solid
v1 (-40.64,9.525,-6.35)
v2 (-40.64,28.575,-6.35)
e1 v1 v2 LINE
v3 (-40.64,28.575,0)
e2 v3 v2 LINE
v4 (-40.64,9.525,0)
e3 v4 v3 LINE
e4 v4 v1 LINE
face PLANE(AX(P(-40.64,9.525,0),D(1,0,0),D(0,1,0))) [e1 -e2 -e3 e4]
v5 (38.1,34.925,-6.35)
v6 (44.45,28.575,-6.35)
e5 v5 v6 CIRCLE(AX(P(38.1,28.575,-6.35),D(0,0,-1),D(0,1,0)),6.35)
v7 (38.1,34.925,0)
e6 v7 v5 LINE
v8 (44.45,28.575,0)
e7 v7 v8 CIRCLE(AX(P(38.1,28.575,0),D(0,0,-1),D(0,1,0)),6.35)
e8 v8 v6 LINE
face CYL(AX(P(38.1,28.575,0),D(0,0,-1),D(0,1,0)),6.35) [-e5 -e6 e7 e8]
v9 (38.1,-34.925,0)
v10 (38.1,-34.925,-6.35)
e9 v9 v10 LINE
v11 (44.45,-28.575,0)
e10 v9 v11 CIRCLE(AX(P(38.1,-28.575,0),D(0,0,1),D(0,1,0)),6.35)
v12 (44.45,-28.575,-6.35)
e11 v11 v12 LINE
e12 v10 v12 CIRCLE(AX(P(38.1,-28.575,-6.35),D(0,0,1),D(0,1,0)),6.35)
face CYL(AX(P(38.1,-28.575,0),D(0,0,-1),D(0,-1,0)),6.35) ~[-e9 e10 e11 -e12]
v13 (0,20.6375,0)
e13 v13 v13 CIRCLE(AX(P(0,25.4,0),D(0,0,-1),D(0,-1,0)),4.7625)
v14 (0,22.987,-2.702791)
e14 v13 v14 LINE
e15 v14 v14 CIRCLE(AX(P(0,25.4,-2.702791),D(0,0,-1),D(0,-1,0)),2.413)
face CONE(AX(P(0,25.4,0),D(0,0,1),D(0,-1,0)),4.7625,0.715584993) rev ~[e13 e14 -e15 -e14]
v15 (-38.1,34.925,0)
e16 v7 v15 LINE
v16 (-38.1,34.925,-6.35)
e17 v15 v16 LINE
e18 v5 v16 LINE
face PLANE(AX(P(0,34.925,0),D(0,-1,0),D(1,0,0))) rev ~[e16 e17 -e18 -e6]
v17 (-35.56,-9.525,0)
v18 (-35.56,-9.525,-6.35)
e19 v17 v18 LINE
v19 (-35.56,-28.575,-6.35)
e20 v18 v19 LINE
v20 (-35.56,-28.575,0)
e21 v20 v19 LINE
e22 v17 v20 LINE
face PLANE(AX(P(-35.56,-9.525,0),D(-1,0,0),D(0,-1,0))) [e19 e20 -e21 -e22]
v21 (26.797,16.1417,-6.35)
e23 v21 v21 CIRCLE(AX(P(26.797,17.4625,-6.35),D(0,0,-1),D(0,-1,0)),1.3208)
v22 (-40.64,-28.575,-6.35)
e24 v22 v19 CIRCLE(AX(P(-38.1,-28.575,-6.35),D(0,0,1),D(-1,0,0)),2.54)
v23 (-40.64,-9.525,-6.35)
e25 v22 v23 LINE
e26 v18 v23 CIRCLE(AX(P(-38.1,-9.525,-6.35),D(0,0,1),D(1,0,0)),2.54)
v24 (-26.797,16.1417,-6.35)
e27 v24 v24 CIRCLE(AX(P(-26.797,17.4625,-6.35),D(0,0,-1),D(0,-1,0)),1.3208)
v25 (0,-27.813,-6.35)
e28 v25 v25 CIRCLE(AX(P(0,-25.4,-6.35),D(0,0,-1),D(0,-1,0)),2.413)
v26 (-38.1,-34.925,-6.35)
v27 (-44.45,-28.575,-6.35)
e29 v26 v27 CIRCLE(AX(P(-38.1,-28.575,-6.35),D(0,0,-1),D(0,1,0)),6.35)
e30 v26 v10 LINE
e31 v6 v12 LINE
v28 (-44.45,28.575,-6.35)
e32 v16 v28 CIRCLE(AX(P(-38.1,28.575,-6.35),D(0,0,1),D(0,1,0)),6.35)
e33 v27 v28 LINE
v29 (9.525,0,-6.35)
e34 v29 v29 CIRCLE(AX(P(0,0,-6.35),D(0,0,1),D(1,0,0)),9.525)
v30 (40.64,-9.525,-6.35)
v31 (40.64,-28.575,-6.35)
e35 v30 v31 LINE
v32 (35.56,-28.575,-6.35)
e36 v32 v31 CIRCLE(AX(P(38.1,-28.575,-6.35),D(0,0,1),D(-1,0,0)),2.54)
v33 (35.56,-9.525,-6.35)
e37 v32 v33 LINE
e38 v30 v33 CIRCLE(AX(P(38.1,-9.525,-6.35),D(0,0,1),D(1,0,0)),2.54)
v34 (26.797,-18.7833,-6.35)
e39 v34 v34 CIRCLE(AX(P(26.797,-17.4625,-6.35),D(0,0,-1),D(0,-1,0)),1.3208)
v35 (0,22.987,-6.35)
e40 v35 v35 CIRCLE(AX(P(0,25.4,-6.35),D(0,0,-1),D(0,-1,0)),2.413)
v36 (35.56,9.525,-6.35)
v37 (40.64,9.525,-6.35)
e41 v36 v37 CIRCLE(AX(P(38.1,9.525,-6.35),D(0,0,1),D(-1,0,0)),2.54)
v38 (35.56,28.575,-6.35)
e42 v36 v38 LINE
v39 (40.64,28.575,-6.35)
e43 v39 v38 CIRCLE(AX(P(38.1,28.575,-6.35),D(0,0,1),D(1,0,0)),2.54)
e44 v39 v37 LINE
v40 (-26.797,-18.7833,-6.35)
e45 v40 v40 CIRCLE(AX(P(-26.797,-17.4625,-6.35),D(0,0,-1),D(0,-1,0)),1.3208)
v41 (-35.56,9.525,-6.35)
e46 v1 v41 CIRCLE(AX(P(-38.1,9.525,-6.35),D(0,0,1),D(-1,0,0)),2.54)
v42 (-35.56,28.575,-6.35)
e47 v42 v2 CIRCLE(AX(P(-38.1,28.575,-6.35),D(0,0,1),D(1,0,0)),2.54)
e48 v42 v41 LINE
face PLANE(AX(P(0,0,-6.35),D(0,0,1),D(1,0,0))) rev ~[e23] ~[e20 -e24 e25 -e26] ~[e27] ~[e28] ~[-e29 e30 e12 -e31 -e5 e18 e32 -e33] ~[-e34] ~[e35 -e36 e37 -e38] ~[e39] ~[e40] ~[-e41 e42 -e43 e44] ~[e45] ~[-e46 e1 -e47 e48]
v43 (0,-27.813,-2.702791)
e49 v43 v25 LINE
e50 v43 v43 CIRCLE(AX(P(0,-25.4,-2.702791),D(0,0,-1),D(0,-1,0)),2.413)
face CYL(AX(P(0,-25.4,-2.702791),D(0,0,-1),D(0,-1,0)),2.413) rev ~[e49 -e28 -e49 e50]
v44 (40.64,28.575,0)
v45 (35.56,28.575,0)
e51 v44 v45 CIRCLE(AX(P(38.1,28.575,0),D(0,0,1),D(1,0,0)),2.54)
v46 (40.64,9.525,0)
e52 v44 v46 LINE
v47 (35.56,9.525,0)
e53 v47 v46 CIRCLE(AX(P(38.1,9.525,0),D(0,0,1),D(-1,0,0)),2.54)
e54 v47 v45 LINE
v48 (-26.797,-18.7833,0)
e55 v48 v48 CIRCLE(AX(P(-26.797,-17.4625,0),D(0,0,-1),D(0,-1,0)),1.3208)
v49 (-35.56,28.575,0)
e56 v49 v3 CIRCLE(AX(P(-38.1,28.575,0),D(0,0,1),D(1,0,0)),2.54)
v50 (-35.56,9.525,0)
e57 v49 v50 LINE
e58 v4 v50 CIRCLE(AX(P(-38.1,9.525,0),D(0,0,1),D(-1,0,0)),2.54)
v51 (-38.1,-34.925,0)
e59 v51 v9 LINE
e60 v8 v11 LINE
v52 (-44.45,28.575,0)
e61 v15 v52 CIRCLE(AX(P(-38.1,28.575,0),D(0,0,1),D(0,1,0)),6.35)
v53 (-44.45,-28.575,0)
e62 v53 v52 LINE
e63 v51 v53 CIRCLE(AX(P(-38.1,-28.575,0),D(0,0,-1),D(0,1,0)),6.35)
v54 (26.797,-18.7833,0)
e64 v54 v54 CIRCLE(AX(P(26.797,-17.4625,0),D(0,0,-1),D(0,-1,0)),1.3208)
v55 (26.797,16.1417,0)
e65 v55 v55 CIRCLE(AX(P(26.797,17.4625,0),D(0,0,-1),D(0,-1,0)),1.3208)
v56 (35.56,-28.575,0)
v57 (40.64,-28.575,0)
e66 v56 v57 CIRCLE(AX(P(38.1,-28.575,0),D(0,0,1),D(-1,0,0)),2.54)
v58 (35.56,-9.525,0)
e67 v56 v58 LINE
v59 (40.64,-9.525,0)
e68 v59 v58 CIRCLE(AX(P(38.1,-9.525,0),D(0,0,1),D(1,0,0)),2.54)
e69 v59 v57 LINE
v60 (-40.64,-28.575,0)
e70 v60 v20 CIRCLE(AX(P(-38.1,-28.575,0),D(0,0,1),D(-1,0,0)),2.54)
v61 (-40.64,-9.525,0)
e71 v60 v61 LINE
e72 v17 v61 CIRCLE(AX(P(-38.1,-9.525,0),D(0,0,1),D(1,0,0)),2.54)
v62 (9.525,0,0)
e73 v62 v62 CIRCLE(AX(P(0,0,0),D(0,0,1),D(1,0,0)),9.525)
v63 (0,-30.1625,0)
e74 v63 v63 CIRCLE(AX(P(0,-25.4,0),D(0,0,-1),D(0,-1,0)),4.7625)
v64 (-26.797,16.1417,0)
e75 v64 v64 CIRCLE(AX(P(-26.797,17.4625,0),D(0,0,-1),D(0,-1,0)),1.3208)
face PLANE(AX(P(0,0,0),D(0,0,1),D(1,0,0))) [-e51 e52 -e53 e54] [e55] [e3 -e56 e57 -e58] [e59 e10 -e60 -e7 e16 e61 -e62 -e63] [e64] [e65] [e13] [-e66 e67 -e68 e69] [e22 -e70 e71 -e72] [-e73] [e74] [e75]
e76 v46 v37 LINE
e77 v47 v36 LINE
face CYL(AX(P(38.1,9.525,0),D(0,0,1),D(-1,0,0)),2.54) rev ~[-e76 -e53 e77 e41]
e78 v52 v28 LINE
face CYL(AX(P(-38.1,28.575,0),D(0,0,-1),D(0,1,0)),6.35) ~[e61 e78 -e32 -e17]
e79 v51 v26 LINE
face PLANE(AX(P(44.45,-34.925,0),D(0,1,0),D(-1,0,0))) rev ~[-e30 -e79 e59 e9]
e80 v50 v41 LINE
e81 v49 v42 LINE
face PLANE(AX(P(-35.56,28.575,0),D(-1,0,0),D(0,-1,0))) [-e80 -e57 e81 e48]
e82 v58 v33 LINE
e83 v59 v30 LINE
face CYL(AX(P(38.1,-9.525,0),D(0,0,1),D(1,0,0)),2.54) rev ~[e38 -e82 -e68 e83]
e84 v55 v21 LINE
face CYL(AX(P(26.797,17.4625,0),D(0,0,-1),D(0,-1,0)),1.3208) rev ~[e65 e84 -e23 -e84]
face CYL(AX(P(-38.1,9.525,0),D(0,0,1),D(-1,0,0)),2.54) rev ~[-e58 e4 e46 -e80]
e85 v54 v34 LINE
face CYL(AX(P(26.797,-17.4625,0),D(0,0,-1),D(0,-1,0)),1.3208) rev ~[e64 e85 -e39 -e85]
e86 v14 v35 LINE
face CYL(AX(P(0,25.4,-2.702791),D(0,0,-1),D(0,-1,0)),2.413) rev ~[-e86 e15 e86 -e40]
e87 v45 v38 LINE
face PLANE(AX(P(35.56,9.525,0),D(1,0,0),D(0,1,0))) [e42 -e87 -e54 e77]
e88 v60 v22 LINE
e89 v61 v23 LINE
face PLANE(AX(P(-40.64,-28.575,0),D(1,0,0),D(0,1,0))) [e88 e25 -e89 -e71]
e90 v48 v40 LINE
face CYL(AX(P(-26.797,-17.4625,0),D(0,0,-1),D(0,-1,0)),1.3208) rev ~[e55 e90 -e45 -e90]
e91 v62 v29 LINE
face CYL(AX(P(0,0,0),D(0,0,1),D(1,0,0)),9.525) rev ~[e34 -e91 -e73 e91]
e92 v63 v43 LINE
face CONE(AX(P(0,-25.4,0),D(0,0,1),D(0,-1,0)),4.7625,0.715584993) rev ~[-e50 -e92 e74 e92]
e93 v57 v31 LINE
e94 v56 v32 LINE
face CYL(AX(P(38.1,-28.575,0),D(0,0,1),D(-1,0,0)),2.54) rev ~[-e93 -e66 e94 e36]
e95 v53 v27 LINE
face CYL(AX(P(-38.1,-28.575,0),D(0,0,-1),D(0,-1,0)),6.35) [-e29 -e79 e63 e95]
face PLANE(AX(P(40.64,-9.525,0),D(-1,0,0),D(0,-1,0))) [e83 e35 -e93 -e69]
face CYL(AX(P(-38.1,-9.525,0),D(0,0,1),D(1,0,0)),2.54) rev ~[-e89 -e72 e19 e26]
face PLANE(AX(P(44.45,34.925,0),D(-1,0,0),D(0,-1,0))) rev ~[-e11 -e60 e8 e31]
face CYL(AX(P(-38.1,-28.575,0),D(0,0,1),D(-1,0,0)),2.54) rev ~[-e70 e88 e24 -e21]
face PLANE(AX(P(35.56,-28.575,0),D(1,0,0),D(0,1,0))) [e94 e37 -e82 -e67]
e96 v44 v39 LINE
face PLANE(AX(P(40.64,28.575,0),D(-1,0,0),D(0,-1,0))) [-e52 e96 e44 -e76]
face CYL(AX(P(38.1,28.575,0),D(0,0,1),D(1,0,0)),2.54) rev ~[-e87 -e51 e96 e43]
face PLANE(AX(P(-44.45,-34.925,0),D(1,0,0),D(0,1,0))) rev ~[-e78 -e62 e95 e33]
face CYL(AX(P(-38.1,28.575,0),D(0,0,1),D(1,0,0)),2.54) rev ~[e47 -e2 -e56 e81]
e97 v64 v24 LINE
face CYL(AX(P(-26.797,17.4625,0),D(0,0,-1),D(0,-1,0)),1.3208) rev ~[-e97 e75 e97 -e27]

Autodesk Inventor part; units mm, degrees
ref_plane "YZ Plane" through (0, 0, 0) normal (1, 0, 0) x (0, 1, 0)
ref_plane "XZ Plane" through (0, 0, 0) normal (0, 1, 0) x (-1, 0, 0)
ref_plane "XY Plane" through (0, 0, 0) normal (0, 0, 1) x (1, 0, 0)
sketch "Sketch1" plane through (0, 0, 0) normal (0, 0, 1) x (1, 0, 0)
  circle A0 centre (0, 0) radius 34.925
  circle A1 centre (0, 0) radius 9.525
  line L0 (-44.45, 34.925) -> (44.45, 34.925)
  line L1 (44.45, 34.925) -> (44.45, -34.925)
  line L2 (44.45, -34.925) -> (-44.45, -34.925)
  line L3 (-44.45, -34.925) -> (-44.45, 34.925)
  line L4 (-40.64, 28.575) -> (-35.56, 28.575)
  line L5 (-35.56, 28.575) -> (-35.56, 9.525)
  line L6 (-35.56, 9.525) -> (-40.64, 9.525)
  line L7 (-40.64, 9.525) -> (-40.64, 28.575)
  arc A2 (-35.56, 28.575) -> (-40.64, 28.575) centre (-38.1, 28.575) ccw
  arc A3 (-40.64, 9.525) -> (-35.56, 9.525) centre (-38.1, 9.525) ccw
  line L8 (35.56, 28.575) -> (40.64, 28.575)
  line L9 (40.64, 28.575) -> (40.64, 9.525)
  line L10 (40.64, 9.525) -> (35.56, 9.525)
  line L11 (35.56, 9.525) -> (35.56, 28.575)
  arc A4 (40.64, 28.575) -> (35.56, 28.575) centre (38.1, 28.575) ccw
  arc A5 (35.56, 9.525) -> (40.64, 9.525) centre (38.1, 9.525) ccw
  line L12 (-40.64, -9.525) -> (-35.56, -9.525)
  line L13 (-35.56, -9.525) -> (-35.56, -28.575)
  line L14 (-35.56, -28.575) -> (-40.64, -28.575)
  line L15 (-40.64, -28.575) -> (-40.64, -9.525)
  arc A6 (-35.56, -9.525) -> (-40.64, -9.525) centre (-38.1, -9.525) ccw
  arc A7 (-40.64, -28.575) -> (-35.56, -28.575) centre (-38.1, -28.575) ccw
  line L16 (35.56, -9.525) -> (40.64, -9.525)
  line L17 (40.64, -9.525) -> (40.64, -28.575)
  line L18 (40.64, -28.575) -> (35.56, -28.575)
  line L19 (35.56, -28.575) -> (35.56, -9.525)
  arc A8 (40.64, -9.525) -> (35.56, -9.525) centre (38.1, -9.525) ccw
  arc A9 (35.56, -28.575) -> (40.64, -28.575) centre (38.1, -28.575) ccw
  point P0 (0, 25.4)
  point P1 (0, -25.4)
  point P2 (-26.797, -17.4625)
  point P3 (-26.797, 17.4625)
  point P4 (26.797, 17.4625)
  point P5 (26.797, -17.4625)
  dimension "d0" = 69.85
  dimension "d1" = 19.05
  dimension "d2" = 25.4
  dimension "d3" = 25.4
  dimension "d4" = 26.797
  dimension "d5" = 17.4625
  dimension "d6" = 17.4625
  dimension "d7" = 26.797
  dimension "d24" = 34.925
  dimension "d25" = 69.85
  dimension "d26" = 44.45
  dimension "d28" = 44.45
  dimension "d30" = 5.08
  dimension "d31" = 19.05
  dimension "d33" = 6.35
  dimension "d34" = 6.35
  dimension "d37" = 76.2
  dimension "d40" = 38.1
extrude "Extrusion1" add sketch "Sketch1" against normal blind 6.35 contours A0
hole "Hole1" at (-26.797, -17.4625, 0) at (-26.797, 17.4625, 0) at (26.797, 17.4625, 0) at (26.797, -17.4625, 0) direction (0, 0, -1) diameter 2.6416 end through all thread size "6-32 UNC" class "2B" standard "ANSI Unified Screw Threads"
hole "Hole2" at (0, 25.4, 0) at (0, -25.4, 0) direction (0, 0, -1) diameter 4.826 end through all countersink diameter 9.525 countersink angle 82
extrude "Extrusion2" add sketch "Sketch1" against normal blind 6.35 contours A0 L0 L1 L2 | A0 L2 L3 L0
fillet "Fillet1" radius 6.35 4 edges at (-44.45, 34.925, -3.175) (44.45, 34.925, -3.175) (44.45, -34.925, -3.175) (-44.45, -34.925, -3.175)
equation "\"d28\" = d26"
properties part number "Dewalt Drill Drive CIMmotor Adaptor rectangle"
